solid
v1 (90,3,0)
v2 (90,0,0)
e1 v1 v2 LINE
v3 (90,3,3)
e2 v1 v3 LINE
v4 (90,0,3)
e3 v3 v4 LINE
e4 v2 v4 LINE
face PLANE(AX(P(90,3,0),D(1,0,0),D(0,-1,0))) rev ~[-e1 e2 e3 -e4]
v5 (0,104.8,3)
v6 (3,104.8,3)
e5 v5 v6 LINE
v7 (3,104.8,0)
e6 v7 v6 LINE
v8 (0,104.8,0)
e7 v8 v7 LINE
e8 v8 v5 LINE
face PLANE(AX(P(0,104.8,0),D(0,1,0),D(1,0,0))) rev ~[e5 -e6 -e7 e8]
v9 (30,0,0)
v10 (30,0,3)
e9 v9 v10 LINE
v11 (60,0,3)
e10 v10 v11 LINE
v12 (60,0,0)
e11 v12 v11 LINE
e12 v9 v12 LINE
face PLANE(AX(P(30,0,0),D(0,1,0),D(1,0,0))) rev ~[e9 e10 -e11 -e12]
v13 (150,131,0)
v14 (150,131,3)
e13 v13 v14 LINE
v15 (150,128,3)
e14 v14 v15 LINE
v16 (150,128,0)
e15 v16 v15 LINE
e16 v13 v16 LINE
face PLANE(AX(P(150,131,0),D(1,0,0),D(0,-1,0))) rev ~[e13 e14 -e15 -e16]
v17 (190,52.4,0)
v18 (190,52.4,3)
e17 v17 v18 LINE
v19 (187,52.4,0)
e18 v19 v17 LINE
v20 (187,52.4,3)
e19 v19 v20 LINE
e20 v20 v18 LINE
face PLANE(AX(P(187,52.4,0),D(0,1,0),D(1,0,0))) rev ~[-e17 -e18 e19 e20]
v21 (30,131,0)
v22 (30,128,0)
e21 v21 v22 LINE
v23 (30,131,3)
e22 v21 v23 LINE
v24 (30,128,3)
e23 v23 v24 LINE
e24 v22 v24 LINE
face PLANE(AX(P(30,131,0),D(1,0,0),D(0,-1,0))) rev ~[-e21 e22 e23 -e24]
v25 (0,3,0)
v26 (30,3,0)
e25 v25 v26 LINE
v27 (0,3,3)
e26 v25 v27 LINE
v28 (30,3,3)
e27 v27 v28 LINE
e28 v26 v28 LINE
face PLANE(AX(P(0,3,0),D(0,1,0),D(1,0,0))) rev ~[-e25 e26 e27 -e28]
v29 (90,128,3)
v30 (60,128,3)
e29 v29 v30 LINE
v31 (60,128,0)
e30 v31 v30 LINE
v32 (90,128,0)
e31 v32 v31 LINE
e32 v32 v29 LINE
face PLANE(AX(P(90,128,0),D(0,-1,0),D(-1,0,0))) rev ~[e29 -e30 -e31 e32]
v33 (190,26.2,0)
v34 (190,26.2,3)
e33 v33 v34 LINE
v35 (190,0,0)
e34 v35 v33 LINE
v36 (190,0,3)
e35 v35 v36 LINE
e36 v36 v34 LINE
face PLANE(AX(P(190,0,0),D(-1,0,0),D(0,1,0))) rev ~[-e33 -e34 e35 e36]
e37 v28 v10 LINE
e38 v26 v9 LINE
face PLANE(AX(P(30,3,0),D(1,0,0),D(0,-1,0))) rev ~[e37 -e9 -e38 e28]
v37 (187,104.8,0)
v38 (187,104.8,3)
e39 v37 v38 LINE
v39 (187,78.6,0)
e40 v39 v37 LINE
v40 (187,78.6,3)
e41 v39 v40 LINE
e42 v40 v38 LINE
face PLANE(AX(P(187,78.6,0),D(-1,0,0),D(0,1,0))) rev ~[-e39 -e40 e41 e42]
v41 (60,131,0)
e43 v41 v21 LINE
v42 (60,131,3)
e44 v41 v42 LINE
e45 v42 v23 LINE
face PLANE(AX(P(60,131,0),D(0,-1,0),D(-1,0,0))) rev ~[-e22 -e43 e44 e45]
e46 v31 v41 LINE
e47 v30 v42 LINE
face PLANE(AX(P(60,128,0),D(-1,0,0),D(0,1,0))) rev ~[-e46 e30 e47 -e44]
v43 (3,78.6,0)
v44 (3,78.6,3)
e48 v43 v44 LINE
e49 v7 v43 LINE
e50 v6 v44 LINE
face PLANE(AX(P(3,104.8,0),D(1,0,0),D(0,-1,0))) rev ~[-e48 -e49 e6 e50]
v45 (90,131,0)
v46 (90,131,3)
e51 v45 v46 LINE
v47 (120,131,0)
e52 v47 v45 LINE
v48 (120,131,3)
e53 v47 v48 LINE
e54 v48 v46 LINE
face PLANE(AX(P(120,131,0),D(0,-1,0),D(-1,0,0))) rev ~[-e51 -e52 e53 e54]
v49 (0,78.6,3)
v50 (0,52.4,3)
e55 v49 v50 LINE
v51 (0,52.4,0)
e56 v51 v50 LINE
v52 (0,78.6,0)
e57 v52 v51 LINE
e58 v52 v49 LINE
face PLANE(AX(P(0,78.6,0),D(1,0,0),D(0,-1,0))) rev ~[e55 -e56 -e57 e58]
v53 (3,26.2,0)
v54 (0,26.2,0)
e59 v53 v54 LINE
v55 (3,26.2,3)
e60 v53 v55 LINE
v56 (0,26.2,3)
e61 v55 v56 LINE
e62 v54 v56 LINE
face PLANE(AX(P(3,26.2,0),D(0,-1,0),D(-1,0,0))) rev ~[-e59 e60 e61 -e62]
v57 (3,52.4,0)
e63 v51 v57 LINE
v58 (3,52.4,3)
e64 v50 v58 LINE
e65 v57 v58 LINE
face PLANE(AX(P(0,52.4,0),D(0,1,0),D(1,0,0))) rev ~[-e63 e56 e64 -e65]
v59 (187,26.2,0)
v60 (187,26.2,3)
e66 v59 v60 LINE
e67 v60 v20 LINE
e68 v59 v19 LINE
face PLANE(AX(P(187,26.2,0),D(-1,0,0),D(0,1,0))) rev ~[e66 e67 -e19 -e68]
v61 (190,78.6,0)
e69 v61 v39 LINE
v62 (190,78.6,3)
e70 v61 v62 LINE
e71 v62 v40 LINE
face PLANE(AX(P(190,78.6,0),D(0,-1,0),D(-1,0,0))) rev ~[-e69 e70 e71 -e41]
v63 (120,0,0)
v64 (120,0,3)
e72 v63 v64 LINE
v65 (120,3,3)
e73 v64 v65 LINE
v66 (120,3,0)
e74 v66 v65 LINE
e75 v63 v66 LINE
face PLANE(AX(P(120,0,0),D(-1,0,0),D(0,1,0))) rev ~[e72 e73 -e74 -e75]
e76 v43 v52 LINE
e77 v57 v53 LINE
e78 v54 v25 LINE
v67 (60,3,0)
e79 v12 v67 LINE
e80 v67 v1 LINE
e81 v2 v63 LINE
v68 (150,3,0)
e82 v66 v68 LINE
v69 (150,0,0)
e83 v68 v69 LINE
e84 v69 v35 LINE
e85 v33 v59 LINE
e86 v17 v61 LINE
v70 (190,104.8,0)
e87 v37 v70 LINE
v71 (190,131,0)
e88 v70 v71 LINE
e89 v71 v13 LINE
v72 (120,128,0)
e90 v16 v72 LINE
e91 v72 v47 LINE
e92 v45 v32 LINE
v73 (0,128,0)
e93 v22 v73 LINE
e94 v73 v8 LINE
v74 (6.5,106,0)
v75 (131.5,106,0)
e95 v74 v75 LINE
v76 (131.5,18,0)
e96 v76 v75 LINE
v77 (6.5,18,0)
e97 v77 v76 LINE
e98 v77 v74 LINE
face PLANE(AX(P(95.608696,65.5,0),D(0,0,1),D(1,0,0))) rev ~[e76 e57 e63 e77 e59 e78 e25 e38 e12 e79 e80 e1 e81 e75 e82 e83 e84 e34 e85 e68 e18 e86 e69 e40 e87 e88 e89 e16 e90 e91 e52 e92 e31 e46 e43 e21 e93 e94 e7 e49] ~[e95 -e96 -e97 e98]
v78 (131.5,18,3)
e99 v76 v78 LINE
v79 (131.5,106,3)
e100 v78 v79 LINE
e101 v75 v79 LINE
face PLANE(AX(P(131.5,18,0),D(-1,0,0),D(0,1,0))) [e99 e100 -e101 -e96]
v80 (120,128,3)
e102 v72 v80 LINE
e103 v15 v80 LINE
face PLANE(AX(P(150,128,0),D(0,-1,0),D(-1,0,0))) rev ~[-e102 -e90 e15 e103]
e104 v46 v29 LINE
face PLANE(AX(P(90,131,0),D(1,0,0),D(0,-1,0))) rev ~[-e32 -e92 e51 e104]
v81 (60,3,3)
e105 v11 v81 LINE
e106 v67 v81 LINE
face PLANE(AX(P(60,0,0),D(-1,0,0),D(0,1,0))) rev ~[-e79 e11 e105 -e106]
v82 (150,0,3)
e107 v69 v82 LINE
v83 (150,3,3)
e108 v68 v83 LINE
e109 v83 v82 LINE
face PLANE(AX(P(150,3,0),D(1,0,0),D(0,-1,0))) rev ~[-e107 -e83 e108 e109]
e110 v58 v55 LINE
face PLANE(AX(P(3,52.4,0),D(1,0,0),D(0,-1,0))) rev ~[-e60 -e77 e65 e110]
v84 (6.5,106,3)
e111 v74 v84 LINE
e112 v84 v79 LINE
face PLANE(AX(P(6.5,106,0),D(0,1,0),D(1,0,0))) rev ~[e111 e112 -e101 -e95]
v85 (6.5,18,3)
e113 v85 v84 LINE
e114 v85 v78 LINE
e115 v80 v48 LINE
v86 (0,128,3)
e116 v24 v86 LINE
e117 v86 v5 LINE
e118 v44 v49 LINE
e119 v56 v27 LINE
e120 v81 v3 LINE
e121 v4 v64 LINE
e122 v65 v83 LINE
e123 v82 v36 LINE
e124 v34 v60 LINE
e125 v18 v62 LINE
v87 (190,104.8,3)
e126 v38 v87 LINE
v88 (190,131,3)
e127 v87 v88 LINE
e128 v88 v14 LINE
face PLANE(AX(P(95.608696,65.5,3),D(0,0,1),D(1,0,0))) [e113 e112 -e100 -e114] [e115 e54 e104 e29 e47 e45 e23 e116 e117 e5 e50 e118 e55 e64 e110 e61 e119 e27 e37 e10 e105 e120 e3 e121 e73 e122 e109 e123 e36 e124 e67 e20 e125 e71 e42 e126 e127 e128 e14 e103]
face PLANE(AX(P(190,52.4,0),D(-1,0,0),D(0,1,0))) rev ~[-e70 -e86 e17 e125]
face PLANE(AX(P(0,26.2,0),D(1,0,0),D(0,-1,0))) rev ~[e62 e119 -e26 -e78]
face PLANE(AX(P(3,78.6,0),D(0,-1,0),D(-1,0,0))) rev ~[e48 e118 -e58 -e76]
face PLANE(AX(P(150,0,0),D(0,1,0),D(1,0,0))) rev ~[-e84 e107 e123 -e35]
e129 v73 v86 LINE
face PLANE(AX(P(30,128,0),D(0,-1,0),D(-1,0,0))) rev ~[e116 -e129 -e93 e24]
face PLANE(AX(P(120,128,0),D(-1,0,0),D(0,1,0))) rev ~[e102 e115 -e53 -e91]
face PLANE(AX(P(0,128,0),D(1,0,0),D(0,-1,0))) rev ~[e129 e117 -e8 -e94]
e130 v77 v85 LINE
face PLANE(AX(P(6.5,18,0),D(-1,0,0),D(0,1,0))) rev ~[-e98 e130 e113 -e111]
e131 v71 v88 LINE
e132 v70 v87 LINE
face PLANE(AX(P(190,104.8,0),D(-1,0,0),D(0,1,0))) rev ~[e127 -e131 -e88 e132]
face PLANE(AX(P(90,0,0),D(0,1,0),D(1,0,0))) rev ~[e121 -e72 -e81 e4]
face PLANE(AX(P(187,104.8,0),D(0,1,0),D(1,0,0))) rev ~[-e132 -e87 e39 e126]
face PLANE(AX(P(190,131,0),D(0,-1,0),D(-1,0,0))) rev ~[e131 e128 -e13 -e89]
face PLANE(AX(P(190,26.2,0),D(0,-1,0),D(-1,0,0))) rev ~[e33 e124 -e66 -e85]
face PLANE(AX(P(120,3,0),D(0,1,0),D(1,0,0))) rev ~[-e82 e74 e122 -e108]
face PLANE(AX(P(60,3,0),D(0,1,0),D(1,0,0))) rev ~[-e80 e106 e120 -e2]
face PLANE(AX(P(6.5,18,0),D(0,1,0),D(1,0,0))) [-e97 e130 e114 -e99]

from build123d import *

# Parameters (mm, degrees)
SKETCH1_W           = 125
SKETCH1_H           = 88
BOSS_EXTRUDE1_DEPTH = 3


with BuildPart() as part:
    # Sketch1 → Boss-Extrude1 (new body)
    with BuildSketch(Plane.XY):
        Polygon((60, 128), (60, 131), (30, 131), (30, 128), (0, 128), (0, 104.8), (3, 104.8), (3, 78.6), (0, 78.6), (0, 52.4), (3, 52.4), (3, 26.2), (0, 26.2), (0, 3), (30, 3), (30, 0), (60, 0), (60, 3), (90, 3), (90, 0), (120, 0), (120, 3), (150, 3), (150, 0), (190, 0), (190, 26.2), (187, 26.2), (187, 52.4), (190, 52.4), (190, 78.6), (187, 78.6), (187, 104.8), (190, 104.8), (190, 131), (150, 131), (150, 128), (120, 128), (120, 131), (90, 131), (90, 128), align=None)
        with Locations((69, 62)):
            Rectangle(SKETCH1_W, SKETCH1_H, mode=Mode.SUBTRACT)
    extrude(amount=BOSS_EXTRUDE1_DEPTH)


solid = part.part
